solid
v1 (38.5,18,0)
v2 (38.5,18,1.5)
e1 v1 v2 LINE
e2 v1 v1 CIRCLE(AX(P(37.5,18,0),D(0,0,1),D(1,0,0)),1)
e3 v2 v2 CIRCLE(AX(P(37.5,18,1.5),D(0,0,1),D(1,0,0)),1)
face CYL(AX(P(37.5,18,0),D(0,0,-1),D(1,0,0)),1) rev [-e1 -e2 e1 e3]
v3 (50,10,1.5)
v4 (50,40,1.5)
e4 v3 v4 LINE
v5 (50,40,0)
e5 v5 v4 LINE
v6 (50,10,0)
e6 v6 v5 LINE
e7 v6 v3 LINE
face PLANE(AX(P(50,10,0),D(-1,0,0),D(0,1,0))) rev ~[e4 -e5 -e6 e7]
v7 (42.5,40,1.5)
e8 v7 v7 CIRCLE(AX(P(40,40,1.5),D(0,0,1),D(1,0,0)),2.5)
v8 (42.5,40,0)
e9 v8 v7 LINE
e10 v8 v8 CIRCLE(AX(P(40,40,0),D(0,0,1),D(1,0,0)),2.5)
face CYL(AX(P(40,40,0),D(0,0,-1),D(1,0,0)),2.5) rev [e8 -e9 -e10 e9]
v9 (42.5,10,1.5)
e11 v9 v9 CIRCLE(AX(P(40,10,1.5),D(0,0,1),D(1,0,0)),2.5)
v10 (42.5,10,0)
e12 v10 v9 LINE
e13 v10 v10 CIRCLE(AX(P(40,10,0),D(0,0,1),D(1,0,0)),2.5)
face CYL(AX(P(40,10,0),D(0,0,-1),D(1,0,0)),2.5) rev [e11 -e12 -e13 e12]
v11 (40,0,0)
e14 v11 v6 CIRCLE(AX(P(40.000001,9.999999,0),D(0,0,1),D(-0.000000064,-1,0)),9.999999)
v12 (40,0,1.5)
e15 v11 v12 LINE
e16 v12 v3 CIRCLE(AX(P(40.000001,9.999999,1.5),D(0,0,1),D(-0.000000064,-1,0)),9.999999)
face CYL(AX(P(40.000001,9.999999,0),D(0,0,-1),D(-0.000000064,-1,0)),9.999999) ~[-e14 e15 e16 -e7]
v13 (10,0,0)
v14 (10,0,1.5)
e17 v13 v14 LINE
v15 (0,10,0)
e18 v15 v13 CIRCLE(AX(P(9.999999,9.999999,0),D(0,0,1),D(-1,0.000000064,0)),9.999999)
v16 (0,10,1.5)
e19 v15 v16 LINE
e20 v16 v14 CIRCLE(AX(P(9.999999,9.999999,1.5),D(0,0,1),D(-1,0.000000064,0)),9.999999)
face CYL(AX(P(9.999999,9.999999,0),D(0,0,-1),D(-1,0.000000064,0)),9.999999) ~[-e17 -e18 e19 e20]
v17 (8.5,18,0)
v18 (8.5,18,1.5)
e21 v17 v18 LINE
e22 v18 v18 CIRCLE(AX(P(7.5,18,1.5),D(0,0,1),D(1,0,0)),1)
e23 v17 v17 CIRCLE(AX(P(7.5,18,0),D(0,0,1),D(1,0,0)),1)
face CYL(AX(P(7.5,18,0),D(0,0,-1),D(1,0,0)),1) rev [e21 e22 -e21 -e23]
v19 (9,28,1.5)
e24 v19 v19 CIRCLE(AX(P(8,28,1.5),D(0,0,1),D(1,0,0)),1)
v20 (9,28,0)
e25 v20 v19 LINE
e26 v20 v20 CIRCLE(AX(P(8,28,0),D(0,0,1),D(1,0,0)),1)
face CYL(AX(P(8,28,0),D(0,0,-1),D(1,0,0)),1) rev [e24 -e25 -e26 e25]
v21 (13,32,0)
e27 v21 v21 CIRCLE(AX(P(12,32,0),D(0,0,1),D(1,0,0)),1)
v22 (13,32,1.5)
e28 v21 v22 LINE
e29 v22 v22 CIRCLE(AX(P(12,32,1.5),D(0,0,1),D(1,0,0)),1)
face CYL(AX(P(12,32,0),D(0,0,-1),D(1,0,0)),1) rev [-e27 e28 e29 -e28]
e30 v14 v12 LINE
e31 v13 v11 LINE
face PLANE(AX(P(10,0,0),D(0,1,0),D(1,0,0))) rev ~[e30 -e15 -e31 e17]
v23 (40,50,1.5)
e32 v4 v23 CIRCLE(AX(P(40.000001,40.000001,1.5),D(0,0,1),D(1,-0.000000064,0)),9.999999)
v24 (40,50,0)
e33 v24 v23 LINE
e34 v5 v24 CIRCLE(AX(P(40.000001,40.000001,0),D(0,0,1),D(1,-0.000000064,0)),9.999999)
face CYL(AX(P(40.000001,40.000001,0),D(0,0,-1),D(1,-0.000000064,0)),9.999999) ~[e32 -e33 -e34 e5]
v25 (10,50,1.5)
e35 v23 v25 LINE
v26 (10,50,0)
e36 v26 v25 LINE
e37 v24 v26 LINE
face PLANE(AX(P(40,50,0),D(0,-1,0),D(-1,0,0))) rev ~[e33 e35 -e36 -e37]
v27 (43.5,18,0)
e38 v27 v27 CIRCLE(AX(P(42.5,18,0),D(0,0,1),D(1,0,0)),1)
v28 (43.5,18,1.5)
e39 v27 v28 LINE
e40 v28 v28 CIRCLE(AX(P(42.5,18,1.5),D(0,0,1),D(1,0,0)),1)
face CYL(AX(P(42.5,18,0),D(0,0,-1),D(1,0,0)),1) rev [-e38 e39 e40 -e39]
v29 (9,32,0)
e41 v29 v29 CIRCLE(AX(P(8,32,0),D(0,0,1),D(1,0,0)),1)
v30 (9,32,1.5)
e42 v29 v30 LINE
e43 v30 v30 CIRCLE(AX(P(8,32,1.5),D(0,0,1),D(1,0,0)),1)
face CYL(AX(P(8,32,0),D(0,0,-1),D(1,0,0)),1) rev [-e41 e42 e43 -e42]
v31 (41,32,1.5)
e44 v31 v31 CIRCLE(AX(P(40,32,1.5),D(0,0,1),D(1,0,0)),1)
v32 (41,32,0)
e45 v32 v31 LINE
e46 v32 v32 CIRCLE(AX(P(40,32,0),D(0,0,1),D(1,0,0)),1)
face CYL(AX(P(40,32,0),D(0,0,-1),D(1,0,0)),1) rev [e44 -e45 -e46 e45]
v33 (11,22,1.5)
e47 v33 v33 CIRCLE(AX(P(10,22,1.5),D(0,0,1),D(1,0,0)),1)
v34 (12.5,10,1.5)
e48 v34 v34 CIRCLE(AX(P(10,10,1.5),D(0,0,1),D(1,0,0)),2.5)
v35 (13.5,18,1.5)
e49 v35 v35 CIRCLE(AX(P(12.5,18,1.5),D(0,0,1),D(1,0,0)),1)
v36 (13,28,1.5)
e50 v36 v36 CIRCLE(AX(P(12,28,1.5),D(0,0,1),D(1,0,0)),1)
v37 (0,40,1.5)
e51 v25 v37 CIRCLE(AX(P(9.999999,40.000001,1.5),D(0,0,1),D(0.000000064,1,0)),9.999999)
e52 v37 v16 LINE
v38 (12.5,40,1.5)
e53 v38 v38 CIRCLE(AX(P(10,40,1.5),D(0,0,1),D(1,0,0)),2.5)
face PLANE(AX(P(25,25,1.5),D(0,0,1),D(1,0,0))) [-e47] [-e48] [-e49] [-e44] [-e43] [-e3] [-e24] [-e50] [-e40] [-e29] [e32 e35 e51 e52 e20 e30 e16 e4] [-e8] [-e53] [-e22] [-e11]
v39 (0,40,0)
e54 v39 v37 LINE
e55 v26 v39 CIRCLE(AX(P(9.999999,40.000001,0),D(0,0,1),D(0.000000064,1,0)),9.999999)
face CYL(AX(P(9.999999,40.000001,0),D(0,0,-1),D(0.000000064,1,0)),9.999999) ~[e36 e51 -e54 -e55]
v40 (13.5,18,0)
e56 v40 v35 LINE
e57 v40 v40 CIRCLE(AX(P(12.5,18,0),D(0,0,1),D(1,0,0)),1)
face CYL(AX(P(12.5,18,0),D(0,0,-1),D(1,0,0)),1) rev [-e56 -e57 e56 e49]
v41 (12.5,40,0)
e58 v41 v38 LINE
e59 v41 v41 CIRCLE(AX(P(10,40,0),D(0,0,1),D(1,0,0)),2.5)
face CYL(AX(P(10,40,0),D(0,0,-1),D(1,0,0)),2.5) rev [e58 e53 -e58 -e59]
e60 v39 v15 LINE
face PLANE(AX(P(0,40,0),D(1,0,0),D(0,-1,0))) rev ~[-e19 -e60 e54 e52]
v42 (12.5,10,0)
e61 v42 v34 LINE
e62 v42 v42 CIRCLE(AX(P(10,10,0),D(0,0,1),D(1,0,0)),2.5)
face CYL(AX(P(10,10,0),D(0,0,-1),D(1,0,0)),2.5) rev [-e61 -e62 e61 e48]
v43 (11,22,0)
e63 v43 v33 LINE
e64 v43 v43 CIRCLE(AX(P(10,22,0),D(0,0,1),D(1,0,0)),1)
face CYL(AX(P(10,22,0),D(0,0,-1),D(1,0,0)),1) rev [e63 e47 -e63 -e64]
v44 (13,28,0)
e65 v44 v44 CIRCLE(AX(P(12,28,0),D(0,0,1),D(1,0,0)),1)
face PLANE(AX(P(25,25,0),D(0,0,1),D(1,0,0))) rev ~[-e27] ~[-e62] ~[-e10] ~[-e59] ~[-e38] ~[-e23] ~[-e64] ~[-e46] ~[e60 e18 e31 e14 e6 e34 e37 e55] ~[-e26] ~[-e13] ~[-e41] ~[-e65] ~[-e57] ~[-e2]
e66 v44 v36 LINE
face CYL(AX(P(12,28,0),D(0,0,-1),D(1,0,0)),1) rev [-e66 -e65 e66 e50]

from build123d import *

# Parameters (mm, degrees)
F0_R     = 2.5
F0_R_2   = 1
F1_DEPTH = 1.5


with BuildPart() as f1:
    # F0 (on Top) → F1 (new body)
    with BuildSketch(Plane.XY):
        with BuildLine():
            ThreePointArc((0, 10), (2.928932, 2.928932), (10, 0))
            Line((10, 0), (40, 0))
            ThreePointArc((40, 0), (47.071068, 2.928932), (50, 10))
            Line((50, 10), (50, 40))
            ThreePointArc((50, 40), (47.071068, 47.071068), (40, 50))
            Line((40, 50), (10, 50))
            ThreePointArc((10, 50), (2.928932, 47.071068), (0, 40))
            Line((0, 40), (0, 10))
        make_face()
        with Locations((10, 10)):
            Circle(F0_R, mode=Mode.SUBTRACT)
        with Locations((7.5, 18)):
            Circle(F0_R_2, mode=Mode.SUBTRACT)
        with Locations((10, 22)):
            Circle(F0_R_2, mode=Mode.SUBTRACT)
        with Locations((12.5, 18)):
            Circle(F0_R_2, mode=Mode.SUBTRACT)
        with Locations((40, 10)):
            Circle(F0_R, mode=Mode.SUBTRACT)
        with Locations((37.5, 18)):
            Circle(F0_R_2, mode=Mode.SUBTRACT)
        with Locations((42.5, 18)):
            Circle(F0_R_2, mode=Mode.SUBTRACT)
        with Locations((8, 28)):
            Circle(F0_R_2, mode=Mode.SUBTRACT)
        with Locations((12, 28)):
            Circle(F0_R_2, mode=Mode.SUBTRACT)
        with Locations((8, 32)):
            Circle(F0_R_2, mode=Mode.SUBTRACT)
        with Locations((12, 32)):
            Circle(F0_R_2, mode=Mode.SUBTRACT)
        with Locations((10, 40)):
            Circle(F0_R, mode=Mode.SUBTRACT)
        with Locations((40, 32)):
            Circle(F0_R_2, mode=Mode.SUBTRACT)
        with Locations((40, 40)):
            Circle(F0_R, mode=Mode.SUBTRACT)
    extrude(amount=F1_DEPTH)


solid = f1.part
